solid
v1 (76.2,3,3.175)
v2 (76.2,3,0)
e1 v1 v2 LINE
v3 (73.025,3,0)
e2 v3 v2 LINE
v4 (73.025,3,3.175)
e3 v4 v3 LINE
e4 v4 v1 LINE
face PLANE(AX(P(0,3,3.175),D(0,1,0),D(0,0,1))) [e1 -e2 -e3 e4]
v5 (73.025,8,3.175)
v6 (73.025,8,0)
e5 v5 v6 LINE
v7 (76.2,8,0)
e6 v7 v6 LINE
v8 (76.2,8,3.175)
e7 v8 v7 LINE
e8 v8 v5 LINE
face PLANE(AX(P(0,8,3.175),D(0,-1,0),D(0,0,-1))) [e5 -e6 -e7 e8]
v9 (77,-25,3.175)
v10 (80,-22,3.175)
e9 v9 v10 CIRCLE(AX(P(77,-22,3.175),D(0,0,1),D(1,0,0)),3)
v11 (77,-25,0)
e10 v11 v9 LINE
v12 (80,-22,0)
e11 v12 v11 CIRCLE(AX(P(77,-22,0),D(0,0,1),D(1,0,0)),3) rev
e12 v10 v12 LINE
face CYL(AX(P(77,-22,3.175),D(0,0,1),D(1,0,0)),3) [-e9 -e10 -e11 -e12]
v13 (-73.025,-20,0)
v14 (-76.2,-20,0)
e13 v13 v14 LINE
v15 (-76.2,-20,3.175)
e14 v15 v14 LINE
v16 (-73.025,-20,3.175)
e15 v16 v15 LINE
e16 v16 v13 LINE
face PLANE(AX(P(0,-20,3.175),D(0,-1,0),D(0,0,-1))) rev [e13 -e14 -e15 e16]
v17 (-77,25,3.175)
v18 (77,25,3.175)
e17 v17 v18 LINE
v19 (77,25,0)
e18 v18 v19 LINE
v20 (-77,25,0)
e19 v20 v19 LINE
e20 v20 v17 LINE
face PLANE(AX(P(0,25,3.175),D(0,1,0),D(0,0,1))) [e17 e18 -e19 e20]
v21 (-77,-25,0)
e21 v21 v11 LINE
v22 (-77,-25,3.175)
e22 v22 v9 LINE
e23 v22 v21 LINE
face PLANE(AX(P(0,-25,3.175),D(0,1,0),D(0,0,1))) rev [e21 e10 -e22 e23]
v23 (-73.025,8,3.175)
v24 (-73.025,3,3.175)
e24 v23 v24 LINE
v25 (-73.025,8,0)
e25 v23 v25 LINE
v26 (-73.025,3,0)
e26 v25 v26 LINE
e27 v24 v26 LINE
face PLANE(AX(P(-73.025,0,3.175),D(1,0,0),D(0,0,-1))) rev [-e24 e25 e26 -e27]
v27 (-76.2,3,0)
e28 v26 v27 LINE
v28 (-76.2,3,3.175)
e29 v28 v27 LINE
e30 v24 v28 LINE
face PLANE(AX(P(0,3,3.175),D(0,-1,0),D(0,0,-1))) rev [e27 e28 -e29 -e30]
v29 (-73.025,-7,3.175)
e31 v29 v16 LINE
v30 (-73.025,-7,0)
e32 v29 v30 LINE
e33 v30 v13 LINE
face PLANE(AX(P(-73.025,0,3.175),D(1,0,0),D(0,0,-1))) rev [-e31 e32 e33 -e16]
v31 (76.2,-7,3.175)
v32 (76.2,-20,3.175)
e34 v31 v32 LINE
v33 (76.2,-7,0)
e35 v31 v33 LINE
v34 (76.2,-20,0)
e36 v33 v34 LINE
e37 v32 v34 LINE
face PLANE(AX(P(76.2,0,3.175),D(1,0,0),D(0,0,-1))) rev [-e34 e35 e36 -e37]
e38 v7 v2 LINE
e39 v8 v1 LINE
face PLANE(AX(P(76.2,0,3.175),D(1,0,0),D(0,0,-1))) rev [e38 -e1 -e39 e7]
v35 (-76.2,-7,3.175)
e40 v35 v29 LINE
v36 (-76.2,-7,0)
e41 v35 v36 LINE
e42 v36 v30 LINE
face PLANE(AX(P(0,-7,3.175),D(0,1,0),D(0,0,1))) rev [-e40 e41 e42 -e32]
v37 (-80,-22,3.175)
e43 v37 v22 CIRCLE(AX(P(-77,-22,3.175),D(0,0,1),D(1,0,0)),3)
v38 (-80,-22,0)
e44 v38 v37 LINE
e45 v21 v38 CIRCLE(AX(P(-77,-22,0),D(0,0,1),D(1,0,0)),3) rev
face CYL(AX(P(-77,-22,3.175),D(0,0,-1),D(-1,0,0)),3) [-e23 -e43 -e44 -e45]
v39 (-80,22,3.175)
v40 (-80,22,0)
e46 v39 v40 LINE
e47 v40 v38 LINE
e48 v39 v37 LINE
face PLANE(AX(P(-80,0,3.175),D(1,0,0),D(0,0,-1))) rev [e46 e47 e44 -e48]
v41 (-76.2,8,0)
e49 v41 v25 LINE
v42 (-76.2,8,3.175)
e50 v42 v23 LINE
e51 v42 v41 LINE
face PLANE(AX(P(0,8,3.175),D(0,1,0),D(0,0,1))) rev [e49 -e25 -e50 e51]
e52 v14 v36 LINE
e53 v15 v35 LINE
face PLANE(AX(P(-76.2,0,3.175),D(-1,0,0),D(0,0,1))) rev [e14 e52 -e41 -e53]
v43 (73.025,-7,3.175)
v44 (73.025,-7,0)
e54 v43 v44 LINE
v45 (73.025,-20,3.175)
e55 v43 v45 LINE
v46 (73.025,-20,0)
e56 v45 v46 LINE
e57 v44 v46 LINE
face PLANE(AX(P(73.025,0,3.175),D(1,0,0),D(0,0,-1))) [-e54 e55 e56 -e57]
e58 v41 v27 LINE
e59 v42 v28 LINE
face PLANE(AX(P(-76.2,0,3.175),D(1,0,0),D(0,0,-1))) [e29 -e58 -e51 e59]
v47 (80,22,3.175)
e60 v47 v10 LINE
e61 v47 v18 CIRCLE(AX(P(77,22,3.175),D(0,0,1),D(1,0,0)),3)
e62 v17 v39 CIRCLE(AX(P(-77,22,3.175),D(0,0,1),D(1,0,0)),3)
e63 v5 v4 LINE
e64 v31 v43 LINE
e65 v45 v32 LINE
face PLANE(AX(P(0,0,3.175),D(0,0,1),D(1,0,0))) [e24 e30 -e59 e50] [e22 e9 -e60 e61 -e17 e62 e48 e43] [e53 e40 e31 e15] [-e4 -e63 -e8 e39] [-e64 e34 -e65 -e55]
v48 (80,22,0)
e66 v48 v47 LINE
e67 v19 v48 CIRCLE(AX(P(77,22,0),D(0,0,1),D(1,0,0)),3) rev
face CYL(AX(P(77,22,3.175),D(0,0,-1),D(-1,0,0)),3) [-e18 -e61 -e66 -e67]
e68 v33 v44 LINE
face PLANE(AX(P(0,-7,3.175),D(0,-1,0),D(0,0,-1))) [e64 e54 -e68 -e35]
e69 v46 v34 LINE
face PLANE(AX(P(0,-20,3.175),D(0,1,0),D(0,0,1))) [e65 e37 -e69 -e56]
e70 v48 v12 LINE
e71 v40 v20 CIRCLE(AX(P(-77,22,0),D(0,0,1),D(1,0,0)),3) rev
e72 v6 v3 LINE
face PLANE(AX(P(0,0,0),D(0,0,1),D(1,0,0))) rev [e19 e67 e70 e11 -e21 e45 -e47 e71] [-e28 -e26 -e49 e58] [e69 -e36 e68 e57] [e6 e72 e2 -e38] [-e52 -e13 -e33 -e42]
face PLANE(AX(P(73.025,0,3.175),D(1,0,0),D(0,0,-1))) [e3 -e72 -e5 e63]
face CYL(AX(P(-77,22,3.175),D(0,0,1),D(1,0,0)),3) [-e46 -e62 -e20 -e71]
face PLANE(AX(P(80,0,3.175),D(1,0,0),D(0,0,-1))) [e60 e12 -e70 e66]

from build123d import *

# Parameters (mm, degrees)
SKETCH1_W           = 3.175
SKETCH1_H           = 13
SKETCH1_H_2         = 5
BOSS_EXTRUDE1_DEPTH = 3.175
FILLET2_R           = 3
FILLET3_R           = 3


with BuildPart() as part:
    # Sketch1 → Boss-Extrude1 (new body)
    with BuildSketch(Plane.XY):
        Polygon((-80, -25), (-76.2, -25), (76.2, -25), (80, -25), (80, 25), (-80, 25), (-80, 8), (-80, 3), (-80, -7), align=None)
        with Locations((-74.6125, -13.5)):
            Rectangle(SKETCH1_W, SKETCH1_H, mode=Mode.SUBTRACT)
        with Locations((74.6125, -13.5)):
            Rectangle(SKETCH1_W, SKETCH1_H, mode=Mode.SUBTRACT)
        with Locations((-74.6125, 5.5)):
            Rectangle(SKETCH1_W, SKETCH1_H_2, mode=Mode.SUBTRACT)
        with Locations((74.6125, 5.5)):
            Rectangle(SKETCH1_W, SKETCH1_H_2, mode=Mode.SUBTRACT)
    extrude(amount=BOSS_EXTRUDE1_DEPTH)

    # Fillet2
    fillet2_edges = [part.edges().sort_by_distance(p)[0] for p in [
        (-80, 25, 1.5875),
    ]]
    fillet(fillet2_edges, radius=FILLET2_R)

    # Fillet3
    fillet3_edges = [part.edges().sort_by_distance(p)[0] for p in [
        (80, -25, 1.5875),
        (-80, -25, 1.5875),
        (80, 25, 1.5875),
    ]]
    fillet(fillet3_edges, radius=FILLET3_R)


solid = part.part
